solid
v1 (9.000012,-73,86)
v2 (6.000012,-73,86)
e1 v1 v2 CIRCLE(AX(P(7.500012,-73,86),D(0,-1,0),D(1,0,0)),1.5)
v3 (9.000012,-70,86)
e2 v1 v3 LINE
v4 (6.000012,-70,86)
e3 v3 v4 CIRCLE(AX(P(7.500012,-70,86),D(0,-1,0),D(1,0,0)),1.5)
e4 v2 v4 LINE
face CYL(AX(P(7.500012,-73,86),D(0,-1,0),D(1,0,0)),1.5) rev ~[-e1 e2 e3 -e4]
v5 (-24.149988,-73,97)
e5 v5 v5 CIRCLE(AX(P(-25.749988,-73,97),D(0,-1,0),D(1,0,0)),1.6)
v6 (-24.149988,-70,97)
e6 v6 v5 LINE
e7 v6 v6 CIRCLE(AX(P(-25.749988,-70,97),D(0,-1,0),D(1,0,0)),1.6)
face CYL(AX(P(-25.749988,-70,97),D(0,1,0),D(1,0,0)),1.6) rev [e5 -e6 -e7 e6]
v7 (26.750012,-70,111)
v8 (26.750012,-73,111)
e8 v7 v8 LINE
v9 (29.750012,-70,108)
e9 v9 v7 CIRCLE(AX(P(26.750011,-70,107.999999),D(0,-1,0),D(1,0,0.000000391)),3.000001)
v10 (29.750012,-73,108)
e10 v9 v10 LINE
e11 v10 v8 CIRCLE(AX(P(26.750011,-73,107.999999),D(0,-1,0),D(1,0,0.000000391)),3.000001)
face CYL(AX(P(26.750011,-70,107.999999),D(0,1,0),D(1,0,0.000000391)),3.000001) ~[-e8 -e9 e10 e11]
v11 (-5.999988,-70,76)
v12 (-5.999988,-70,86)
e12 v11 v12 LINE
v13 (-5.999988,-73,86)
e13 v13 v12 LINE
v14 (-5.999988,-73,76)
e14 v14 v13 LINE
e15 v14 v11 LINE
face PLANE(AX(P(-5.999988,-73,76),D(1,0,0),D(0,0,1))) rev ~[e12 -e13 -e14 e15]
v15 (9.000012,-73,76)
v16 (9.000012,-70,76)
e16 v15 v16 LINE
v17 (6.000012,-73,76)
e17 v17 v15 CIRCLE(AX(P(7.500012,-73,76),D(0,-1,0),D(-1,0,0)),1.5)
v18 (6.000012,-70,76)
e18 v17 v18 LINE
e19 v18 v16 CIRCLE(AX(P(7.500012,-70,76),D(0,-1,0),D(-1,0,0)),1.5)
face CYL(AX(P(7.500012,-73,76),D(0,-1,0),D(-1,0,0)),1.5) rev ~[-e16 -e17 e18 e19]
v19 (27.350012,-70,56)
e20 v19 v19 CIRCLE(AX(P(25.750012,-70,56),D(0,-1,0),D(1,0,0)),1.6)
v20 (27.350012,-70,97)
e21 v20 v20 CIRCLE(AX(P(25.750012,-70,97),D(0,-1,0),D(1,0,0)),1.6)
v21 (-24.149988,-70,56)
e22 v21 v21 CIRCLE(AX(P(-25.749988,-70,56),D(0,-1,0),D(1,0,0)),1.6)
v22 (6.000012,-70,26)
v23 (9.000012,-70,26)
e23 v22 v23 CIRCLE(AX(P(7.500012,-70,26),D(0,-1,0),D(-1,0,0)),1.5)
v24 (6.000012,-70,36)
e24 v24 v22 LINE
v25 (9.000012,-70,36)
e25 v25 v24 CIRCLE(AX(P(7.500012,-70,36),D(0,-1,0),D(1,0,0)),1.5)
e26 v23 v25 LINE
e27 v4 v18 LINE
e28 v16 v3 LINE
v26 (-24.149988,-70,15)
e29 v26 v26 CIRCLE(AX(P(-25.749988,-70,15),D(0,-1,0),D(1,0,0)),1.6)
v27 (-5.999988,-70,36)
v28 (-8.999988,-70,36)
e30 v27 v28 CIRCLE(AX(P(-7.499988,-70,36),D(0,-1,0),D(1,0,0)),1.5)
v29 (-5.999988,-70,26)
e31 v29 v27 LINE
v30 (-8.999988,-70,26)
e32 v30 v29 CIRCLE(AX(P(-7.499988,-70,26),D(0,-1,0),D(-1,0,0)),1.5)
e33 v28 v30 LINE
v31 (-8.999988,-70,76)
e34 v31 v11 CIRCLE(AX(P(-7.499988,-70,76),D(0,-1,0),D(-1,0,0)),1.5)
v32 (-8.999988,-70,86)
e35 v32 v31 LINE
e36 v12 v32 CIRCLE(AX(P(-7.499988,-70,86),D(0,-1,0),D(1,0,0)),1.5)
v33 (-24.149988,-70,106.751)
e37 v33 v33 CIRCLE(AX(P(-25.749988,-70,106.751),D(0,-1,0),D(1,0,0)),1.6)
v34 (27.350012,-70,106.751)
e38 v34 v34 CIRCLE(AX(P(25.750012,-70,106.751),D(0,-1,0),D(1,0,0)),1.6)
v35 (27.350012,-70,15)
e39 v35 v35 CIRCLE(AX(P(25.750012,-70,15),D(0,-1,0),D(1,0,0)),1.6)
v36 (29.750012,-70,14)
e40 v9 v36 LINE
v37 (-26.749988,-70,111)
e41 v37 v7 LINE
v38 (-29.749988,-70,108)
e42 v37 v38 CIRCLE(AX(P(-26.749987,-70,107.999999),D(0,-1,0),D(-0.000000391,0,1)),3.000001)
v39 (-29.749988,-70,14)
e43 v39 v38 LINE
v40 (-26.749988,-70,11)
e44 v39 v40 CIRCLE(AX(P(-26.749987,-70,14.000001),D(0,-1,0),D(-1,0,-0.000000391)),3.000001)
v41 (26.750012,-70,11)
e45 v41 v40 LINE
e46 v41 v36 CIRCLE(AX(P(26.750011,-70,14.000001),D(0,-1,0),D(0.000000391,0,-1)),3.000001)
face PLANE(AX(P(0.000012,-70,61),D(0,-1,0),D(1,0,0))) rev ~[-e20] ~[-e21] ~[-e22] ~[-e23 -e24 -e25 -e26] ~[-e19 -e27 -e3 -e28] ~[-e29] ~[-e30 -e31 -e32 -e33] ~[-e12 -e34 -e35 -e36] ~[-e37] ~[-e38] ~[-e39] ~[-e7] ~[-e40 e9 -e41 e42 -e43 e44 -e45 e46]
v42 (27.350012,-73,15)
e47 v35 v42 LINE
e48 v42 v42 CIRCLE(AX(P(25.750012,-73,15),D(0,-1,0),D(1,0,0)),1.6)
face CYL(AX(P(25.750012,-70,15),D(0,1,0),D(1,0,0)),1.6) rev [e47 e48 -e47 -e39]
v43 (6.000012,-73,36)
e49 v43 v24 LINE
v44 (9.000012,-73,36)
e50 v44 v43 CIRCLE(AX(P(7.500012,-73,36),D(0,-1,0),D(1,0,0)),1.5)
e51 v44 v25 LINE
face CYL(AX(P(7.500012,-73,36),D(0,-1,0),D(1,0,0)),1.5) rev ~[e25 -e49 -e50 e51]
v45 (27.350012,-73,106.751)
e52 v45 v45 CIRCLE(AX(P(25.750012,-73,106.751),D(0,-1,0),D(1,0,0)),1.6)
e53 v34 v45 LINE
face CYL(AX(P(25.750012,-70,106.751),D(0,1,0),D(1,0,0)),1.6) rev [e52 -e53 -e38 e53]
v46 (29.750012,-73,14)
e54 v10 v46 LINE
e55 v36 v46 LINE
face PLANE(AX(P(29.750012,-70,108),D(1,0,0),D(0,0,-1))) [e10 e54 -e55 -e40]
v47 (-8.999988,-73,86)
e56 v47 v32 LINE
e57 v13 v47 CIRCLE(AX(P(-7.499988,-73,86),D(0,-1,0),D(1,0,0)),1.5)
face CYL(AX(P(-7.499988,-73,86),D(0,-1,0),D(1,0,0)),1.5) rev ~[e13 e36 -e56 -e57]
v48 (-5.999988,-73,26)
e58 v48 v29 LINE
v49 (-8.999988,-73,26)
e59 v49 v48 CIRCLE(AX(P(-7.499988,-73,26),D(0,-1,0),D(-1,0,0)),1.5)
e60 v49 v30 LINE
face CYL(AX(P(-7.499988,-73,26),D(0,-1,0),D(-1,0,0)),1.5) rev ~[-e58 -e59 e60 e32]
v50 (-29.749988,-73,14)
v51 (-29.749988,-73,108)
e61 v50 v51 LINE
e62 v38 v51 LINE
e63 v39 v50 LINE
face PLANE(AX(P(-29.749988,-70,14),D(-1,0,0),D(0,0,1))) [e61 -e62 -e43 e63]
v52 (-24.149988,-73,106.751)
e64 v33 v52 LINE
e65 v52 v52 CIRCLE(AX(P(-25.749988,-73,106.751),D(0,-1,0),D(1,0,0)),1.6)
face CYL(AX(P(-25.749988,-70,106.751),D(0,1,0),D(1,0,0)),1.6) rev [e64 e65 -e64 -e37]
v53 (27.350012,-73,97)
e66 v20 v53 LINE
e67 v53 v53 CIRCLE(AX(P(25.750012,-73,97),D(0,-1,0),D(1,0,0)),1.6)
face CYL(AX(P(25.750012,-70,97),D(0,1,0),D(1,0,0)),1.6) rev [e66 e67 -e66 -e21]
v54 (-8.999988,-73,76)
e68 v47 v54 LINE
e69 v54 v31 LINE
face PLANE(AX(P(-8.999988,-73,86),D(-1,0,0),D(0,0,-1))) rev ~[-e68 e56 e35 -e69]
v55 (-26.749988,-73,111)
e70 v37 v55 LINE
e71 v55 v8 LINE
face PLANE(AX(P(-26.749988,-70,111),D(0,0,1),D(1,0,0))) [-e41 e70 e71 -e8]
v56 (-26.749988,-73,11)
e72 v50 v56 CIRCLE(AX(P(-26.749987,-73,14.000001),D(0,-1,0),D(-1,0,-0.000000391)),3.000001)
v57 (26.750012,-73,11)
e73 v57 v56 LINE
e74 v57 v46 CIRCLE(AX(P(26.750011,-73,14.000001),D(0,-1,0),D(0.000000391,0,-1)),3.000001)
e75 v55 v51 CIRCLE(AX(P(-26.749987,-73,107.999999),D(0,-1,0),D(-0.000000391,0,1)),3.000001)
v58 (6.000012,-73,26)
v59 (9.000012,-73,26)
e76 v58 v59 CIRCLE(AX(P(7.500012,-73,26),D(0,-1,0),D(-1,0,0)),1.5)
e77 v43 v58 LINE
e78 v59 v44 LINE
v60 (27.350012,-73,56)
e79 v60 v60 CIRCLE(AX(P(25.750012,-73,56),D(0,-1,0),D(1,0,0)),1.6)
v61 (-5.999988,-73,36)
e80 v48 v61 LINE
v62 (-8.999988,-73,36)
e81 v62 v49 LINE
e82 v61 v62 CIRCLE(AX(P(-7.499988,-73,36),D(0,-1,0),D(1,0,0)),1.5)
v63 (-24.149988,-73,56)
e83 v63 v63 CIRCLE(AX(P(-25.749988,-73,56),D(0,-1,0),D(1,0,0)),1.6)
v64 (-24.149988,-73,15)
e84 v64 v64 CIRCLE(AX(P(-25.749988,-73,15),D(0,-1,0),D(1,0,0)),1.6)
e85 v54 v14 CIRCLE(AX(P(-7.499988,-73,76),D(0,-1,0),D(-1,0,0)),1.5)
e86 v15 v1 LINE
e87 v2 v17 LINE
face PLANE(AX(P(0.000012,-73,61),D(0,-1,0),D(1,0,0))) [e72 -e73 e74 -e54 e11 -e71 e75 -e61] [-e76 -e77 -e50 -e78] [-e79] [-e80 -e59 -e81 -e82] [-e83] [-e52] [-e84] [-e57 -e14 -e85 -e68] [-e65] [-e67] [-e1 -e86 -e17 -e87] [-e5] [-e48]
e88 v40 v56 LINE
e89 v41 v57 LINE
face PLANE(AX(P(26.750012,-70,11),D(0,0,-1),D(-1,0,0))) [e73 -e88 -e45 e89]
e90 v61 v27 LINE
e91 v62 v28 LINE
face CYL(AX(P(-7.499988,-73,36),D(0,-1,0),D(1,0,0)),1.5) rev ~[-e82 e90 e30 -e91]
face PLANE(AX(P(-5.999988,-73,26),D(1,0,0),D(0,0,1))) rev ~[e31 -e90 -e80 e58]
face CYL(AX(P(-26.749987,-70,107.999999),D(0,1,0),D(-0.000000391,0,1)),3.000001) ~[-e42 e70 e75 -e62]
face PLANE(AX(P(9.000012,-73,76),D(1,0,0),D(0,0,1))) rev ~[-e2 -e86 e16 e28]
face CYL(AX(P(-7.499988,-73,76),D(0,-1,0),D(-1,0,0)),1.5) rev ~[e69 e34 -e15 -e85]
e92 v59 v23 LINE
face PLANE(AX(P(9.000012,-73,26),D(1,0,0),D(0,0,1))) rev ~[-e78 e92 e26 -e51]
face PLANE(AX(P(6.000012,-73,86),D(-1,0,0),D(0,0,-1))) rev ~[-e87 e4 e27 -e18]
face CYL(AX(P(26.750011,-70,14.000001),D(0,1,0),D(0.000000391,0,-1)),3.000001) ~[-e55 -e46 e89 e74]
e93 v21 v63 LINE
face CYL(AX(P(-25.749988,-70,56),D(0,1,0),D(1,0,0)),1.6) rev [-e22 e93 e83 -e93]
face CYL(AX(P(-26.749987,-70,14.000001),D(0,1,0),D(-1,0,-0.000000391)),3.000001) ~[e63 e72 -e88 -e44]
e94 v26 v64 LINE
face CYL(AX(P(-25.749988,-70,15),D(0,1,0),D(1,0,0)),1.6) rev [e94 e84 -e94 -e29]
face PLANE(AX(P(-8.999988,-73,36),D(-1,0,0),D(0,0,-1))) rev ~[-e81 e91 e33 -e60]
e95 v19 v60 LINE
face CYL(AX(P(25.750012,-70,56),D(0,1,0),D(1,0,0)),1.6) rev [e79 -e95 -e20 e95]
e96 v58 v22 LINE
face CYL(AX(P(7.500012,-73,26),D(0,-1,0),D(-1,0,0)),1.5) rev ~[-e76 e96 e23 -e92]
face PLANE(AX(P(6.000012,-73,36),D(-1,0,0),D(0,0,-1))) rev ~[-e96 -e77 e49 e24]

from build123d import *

# Parameters (mm, degrees)
SKETCH014_R         = 1.6
PAD004_DEPTH        = 3
POCKET011_DEPTH     = 3.00101
LINEARPATTERN_COUNT = 2
LINEARPATTERN_PITCH = 50


with BuildPart() as part:
    # Sketch014 (on Binder) → Pad004 (new body)
    with BuildSketch(Plane(origin=(1.2e-05, -70, 0), x_dir=(1, 0, 0), z_dir=(0, -1, 0))):
        with BuildLine():
            ThreePointArc((-26.75, 111), (-28.87132, 110.12132), (-29.75, 108))
            Line((-29.75, 14), (-29.75, 108))
            ThreePointArc((-29.75, 14), (-28.87132, 11.87868), (-26.75, 11))
            Line((26.75, 11), (-26.75, 11))
            ThreePointArc((26.75, 11), (28.87132, 11.87868), (29.75, 14))
            Line((29.75, 108), (29.75, 14))
            ThreePointArc((29.75, 108), (28.87132, 110.12132), (26.75, 111))
            Line((-26.75, 111), (26.75, 111))
        make_face()
        with Locations((-25.75, 97)):
            Circle(SKETCH014_R, mode=Mode.SUBTRACT)
        with Locations((25.75, 97)):
            Circle(SKETCH014_R, mode=Mode.SUBTRACT)
        with Locations((25.75, 56)):
            Circle(SKETCH014_R, mode=Mode.SUBTRACT)
        with Locations((-25.75, 56)):
            Circle(SKETCH014_R, mode=Mode.SUBTRACT)
        with Locations((-25.75, 15)):
            Circle(SKETCH014_R, mode=Mode.SUBTRACT)
        with Locations((25.75, 15)):
            Circle(SKETCH014_R, mode=Mode.SUBTRACT)
        with Locations((-25.75, 106.751)):
            Circle(SKETCH014_R, mode=Mode.SUBTRACT)
        with Locations((25.75, 106.751)):
            Circle(SKETCH014_R, mode=Mode.SUBTRACT)
    extrude(amount=PAD004_DEPTH)

    # Sketch019 (on Face18 of Pad004) → Pocket011 (cut, through all)
    with BuildSketch(Plane(origin=(1.2e-05, -73, 0), x_dir=(1, 0, 0), z_dir=(0, -1, 0))):
        with BuildLine():
            ThreePointArc((-6, 86), (-7.5, 87.5), (-9, 86))
            Line((-9, 86), (-9, 76))
            ThreePointArc((-9, 76), (-7.5, 74.5), (-6, 76))
            Line((-6, 76), (-6, 86))
        make_face()
        with BuildLine():
            ThreePointArc((9, 86), (7.5, 87.5), (6, 86))
            Line((6, 86), (6, 76))
            ThreePointArc((6, 76), (7.5, 74.5), (9, 76))
            Line((9, 76), (9, 86))
        make_face()
    pocket011 = extrude(amount=-POCKET011_DEPTH, mode=Mode.SUBTRACT)

    # LinearPattern: Pocket011 ×2
    with Locations(*[(0, 0, -i * LINEARPATTERN_PITCH) for i in range(1, LINEARPATTERN_COUNT)]):
        add(pocket011, mode=Mode.SUBTRACT)


solid = part.part
